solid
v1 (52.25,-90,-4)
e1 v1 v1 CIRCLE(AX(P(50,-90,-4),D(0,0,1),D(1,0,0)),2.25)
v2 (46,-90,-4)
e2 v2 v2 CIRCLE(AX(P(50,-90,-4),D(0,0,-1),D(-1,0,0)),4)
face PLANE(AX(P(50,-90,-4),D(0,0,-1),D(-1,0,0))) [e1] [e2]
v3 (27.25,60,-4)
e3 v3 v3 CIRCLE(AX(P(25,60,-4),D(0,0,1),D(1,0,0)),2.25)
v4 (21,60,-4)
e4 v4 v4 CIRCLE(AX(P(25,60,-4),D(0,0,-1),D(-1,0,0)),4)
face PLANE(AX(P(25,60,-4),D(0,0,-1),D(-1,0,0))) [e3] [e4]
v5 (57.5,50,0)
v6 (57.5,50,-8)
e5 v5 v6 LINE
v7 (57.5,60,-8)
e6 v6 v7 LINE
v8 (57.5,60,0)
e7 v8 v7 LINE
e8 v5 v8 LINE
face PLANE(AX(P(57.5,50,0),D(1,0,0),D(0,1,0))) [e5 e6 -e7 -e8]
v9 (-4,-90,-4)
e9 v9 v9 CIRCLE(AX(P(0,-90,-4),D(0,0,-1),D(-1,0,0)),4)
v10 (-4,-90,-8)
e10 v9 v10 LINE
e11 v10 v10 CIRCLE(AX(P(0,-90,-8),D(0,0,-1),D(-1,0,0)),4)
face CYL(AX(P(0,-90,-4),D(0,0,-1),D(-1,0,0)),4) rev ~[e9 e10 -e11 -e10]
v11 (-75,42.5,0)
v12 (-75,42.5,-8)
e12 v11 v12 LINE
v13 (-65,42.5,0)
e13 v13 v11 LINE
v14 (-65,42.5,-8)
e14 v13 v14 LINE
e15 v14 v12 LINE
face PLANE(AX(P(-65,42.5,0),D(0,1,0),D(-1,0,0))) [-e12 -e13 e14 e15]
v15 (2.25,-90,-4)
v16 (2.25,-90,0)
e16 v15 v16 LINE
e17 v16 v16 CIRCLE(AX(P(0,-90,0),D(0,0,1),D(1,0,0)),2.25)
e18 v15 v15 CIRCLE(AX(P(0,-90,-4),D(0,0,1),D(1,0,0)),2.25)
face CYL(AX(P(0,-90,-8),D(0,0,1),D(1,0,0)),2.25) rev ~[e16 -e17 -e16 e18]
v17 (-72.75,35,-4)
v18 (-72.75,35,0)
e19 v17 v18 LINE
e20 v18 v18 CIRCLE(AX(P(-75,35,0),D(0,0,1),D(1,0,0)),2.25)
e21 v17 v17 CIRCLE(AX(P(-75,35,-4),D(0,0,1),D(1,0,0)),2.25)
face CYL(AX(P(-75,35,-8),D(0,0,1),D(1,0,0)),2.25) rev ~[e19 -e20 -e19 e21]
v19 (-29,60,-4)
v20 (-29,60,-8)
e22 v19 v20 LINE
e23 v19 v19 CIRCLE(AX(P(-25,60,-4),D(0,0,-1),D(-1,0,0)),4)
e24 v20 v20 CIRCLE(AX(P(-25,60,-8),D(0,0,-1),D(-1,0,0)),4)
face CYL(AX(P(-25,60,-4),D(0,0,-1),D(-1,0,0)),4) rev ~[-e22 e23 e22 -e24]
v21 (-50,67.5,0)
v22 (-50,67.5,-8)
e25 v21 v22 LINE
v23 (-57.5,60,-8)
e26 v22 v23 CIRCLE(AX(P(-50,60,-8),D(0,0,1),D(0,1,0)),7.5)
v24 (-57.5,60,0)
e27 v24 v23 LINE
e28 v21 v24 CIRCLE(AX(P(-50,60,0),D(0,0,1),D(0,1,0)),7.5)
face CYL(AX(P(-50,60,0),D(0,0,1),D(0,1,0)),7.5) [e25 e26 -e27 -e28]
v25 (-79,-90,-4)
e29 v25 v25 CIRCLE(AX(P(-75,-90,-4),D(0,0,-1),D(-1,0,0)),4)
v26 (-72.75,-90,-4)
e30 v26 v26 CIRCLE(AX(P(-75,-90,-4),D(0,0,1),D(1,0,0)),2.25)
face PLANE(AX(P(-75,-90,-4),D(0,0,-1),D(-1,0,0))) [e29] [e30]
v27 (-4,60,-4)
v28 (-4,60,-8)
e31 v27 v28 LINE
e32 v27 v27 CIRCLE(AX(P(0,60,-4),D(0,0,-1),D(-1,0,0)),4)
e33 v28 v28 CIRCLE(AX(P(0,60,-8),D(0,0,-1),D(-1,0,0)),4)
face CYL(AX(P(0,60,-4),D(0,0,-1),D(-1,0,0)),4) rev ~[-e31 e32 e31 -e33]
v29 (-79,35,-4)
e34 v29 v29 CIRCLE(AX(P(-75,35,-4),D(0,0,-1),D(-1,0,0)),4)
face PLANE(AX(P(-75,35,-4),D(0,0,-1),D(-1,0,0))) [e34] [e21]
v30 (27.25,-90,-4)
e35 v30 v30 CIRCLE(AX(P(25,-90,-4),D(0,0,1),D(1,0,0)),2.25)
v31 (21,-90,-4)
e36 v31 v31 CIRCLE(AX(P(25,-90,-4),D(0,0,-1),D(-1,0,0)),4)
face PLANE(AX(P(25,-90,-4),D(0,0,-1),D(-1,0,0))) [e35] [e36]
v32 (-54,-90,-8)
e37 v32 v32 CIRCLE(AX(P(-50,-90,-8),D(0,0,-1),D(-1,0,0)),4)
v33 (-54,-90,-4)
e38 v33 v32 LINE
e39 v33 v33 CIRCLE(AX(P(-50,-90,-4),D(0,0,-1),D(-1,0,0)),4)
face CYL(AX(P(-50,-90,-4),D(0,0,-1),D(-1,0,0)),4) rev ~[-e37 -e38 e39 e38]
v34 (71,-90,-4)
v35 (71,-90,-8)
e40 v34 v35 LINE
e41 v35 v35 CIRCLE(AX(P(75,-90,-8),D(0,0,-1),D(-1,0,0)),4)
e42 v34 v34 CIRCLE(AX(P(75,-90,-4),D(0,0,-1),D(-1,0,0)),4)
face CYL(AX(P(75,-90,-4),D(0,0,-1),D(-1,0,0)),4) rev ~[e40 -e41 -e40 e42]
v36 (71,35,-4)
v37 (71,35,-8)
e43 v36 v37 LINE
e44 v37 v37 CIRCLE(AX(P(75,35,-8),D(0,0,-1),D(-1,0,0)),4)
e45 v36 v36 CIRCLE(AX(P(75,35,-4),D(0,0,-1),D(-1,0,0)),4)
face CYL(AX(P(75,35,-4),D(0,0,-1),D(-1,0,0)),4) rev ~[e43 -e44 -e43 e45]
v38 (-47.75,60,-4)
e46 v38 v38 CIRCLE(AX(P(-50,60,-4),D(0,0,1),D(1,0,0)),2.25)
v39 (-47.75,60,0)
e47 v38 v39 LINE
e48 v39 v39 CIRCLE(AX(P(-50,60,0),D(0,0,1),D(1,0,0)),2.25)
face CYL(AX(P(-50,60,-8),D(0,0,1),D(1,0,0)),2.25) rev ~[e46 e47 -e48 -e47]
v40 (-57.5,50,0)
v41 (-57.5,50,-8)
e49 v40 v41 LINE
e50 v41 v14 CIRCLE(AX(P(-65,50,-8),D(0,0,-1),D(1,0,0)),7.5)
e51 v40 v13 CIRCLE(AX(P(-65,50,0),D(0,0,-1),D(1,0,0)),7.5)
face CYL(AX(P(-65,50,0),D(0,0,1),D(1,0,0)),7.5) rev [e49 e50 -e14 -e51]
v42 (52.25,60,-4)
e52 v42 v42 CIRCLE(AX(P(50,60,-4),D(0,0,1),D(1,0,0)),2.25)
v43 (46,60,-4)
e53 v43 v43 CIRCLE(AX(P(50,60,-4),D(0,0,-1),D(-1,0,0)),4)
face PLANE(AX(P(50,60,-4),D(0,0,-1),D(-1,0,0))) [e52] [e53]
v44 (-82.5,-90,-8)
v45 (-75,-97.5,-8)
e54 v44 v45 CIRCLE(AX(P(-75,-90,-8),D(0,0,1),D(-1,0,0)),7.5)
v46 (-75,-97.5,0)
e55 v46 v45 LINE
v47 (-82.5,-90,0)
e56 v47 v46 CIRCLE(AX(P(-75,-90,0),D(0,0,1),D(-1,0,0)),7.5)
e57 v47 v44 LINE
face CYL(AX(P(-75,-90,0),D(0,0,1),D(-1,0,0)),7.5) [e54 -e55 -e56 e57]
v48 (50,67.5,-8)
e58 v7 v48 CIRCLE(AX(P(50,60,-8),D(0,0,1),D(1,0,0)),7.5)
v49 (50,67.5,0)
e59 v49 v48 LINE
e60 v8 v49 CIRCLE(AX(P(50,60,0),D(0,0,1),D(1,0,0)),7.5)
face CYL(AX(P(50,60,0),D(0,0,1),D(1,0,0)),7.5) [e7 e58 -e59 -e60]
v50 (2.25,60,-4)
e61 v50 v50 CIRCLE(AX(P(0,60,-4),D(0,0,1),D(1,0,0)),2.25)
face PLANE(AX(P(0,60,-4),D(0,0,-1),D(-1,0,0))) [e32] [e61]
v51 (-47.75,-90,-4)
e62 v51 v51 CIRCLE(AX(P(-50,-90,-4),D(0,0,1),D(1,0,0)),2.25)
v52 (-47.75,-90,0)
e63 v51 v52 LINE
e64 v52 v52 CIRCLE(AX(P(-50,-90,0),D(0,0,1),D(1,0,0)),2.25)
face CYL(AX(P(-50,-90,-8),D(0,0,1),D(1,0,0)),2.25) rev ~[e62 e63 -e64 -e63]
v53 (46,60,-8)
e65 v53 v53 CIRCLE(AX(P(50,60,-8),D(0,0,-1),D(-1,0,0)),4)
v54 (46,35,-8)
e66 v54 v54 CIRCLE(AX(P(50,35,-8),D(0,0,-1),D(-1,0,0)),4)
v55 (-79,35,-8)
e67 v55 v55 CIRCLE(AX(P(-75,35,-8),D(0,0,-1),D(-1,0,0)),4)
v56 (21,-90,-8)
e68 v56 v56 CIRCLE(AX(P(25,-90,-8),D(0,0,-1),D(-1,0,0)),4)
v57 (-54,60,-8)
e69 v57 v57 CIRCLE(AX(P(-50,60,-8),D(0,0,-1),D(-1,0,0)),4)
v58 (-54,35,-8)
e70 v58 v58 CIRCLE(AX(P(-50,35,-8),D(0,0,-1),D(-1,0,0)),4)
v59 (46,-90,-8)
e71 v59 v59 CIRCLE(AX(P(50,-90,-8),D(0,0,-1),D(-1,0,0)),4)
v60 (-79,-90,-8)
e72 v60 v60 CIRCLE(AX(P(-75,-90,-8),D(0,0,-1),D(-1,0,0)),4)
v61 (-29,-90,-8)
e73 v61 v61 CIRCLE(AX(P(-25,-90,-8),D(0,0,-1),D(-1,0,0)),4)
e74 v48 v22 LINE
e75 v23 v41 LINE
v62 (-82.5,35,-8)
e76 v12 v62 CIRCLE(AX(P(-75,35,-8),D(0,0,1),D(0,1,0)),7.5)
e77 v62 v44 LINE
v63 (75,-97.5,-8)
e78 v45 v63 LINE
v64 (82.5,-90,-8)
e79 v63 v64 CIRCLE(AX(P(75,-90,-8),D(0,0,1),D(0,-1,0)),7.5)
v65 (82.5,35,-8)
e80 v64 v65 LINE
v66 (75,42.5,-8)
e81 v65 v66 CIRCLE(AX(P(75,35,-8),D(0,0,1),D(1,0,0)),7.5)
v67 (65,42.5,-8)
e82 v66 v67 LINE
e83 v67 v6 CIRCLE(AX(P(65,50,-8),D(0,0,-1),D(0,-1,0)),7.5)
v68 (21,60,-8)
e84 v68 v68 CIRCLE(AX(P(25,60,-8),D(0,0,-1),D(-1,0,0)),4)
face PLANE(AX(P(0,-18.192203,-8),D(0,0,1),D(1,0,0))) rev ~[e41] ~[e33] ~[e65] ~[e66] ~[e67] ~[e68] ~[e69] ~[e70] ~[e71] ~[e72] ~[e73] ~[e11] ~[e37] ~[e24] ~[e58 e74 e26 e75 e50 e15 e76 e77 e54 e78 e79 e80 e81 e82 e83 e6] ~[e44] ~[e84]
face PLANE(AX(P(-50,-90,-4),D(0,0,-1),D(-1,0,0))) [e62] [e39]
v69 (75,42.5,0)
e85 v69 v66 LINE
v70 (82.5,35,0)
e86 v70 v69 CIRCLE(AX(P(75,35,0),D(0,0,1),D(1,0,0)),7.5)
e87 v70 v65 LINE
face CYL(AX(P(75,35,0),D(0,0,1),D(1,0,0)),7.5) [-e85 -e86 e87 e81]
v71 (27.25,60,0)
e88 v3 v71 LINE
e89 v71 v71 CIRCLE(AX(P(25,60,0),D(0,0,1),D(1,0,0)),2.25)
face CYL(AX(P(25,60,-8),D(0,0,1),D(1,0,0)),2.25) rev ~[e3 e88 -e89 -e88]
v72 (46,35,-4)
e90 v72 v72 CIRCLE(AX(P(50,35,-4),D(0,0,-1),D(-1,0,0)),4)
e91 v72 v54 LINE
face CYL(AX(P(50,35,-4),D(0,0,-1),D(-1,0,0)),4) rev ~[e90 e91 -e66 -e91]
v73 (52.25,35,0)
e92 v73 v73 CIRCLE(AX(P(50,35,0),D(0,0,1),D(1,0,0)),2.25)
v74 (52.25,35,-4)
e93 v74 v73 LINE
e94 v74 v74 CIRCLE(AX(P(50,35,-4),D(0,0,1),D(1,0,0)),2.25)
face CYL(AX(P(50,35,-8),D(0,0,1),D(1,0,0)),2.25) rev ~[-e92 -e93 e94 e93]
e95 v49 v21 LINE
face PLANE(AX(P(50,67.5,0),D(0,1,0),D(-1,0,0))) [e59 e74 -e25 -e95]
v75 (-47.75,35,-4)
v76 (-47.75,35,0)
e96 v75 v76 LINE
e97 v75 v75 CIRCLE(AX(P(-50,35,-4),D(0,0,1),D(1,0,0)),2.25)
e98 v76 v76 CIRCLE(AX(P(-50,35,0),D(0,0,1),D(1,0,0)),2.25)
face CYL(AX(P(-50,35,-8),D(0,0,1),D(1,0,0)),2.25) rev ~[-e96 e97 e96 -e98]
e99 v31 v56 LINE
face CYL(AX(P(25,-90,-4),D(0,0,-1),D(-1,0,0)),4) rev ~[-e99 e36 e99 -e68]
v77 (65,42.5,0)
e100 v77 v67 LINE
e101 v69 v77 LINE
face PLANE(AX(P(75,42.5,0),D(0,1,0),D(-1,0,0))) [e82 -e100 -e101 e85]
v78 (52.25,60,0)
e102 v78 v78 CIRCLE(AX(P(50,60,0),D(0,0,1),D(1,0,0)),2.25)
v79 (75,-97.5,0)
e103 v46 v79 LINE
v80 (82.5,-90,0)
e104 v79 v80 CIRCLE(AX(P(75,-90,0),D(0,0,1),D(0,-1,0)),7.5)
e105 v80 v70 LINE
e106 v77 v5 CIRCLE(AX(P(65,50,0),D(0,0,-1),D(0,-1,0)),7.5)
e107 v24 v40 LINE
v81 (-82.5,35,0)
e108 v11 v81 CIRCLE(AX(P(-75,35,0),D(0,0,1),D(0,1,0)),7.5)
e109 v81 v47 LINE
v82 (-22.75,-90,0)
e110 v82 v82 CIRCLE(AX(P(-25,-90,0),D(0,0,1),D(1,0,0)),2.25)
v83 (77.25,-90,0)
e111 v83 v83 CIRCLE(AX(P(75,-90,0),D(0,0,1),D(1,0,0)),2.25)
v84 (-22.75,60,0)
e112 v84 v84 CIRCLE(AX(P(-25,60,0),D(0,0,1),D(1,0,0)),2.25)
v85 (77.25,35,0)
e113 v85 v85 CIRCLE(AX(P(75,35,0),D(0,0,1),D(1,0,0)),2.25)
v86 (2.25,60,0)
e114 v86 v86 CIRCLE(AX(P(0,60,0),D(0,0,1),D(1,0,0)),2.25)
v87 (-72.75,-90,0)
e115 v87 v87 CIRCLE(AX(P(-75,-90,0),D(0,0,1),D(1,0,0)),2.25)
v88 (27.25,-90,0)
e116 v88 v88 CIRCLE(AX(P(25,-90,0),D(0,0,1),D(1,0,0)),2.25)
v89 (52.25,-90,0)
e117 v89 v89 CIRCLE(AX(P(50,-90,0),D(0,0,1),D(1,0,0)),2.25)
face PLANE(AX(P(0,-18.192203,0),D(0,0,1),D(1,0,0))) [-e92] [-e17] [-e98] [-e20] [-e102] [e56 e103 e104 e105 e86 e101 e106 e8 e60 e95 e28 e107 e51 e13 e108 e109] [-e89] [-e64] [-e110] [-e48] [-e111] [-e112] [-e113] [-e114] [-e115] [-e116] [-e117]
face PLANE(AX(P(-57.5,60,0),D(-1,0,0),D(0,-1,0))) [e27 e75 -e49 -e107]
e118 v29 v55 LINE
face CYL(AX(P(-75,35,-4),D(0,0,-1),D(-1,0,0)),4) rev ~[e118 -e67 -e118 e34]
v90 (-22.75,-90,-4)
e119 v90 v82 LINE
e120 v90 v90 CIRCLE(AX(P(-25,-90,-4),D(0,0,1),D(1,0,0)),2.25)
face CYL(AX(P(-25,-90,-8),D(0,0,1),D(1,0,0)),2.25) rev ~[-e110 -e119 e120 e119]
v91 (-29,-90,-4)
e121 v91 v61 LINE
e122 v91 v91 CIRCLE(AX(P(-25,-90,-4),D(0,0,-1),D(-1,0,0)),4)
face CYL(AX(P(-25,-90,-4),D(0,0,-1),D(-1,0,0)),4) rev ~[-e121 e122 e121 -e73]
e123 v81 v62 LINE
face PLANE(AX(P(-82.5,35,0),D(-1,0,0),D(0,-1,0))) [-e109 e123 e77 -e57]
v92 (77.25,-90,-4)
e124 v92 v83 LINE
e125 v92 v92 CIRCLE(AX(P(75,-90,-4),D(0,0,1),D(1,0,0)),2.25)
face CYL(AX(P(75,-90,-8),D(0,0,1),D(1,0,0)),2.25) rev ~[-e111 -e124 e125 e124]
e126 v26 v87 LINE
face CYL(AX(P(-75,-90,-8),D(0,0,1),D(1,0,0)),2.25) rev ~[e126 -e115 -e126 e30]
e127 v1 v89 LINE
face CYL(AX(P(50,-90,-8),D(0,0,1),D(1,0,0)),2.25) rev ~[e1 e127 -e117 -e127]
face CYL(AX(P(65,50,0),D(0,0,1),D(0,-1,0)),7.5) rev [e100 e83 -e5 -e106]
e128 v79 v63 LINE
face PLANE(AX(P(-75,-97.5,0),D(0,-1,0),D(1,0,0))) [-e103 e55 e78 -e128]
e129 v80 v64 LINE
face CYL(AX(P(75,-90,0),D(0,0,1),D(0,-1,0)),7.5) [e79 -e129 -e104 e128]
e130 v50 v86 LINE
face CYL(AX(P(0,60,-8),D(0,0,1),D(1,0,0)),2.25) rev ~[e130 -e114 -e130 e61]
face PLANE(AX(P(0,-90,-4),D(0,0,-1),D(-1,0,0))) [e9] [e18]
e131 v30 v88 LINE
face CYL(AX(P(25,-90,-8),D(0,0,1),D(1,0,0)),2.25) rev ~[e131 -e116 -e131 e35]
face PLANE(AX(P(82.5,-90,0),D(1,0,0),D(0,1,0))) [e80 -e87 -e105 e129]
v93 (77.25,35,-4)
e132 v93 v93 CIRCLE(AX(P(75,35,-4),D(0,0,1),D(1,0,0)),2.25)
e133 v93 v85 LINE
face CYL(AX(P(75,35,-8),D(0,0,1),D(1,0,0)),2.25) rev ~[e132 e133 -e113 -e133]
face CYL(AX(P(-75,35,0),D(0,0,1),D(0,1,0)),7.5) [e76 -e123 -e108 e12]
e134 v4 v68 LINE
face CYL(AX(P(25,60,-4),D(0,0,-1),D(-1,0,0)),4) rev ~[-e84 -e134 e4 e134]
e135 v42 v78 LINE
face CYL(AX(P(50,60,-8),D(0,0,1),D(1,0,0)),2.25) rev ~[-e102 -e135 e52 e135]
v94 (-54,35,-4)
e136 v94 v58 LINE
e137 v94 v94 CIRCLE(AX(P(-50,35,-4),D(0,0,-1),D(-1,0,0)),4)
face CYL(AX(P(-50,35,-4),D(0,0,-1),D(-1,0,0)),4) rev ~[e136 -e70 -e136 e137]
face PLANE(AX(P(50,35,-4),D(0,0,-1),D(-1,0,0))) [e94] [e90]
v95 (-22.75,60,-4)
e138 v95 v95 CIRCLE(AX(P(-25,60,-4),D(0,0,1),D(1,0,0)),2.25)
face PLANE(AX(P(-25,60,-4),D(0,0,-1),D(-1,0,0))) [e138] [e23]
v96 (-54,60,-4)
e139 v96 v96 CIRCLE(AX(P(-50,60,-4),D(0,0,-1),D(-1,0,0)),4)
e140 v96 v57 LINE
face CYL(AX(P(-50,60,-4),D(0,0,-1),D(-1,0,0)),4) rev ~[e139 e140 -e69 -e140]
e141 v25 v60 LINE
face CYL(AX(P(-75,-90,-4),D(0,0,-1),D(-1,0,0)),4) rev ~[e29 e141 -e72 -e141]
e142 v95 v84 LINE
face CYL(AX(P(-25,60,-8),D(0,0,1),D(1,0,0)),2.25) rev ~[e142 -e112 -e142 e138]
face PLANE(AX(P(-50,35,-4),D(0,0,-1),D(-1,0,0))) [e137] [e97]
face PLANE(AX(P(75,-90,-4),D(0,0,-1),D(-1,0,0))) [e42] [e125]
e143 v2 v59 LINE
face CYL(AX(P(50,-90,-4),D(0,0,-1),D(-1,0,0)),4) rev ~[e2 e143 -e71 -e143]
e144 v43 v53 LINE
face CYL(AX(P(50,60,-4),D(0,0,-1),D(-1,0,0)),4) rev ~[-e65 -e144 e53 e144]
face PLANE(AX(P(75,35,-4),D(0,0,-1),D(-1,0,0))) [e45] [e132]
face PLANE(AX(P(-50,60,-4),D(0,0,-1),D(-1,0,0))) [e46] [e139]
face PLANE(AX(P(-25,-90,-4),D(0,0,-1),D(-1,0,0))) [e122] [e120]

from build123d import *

# Parameters (mm, degrees)
BOSS_EXTRUDE1_DEPTH            = 8
CBORE_FOR_M4_SHCS1_D           = 4.5
CBORE_FOR_M4_SHCS1_CBORE_D     = 8
CBORE_FOR_M4_SHCS1_CBORE_DEPTH = 4


with BuildPart() as part:
    # Sketch2 → Boss-Extrude1 (new body)
    with BuildSketch(Plane.XY):
        with BuildLine():
            Line((-57.5, 60), (-57.5, 50))
            ThreePointArc((-57.5, 50), (-59.696699141, 44.696699141), (-65, 42.5))
            Line((-65, 42.5), (-75, 42.5))
            ThreePointArc((-75, 42.5), (-80.303300859, 40.303300859), (-82.5, 35))
            Line((-82.5, 35), (-82.5, -90))
            ThreePointArc((-82.5, -90), (-80.303300859, -95.303300859), (-75, -97.5))
            Line((-75, -97.5), (75, -97.5))
            ThreePointArc((75, -97.5), (80.303300859, -95.303300859), (82.5, -90))
            Line((82.5, -90), (82.5, 35))
            ThreePointArc((82.5, 35), (80.303300859, 40.303300859), (75, 42.5))
            Line((75, 42.5), (65, 42.5))
            ThreePointArc((65, 42.5), (59.696699141, 44.696699141), (57.5, 50))
            Line((57.5, 50), (57.5, 60))
            ThreePointArc((57.5, 60), (55.303300859, 65.303300859), (50, 67.5))
            Line((50, 67.5), (-50, 67.5))
            ThreePointArc((-50, 67.5), (-55.303300859, 65.303300859), (-57.5, 60))
        make_face()
    extrude(amount=-BOSS_EXTRUDE1_DEPTH)

    # CBORE for M4 SHCS1 (through all)
    with Locations(Plane(origin=(0, 0, -8), x_dir=(-1, 0, 0), z_dir=(0, 0, -1))):
        with Locations((-75, 35), (-50, 35), (-50, 60), (-25, 60), (0, 60), (25, 60), (50, 60), (50, 35), (75, 35), (-75, -90), (-50, -90), (-25, -90), (0, -90), (25, -90), (50, -90), (75, -90)):
            CounterBoreHole(CBORE_FOR_M4_SHCS1_D / 2, CBORE_FOR_M4_SHCS1_CBORE_D / 2, CBORE_FOR_M4_SHCS1_CBORE_DEPTH)


solid = part.part
